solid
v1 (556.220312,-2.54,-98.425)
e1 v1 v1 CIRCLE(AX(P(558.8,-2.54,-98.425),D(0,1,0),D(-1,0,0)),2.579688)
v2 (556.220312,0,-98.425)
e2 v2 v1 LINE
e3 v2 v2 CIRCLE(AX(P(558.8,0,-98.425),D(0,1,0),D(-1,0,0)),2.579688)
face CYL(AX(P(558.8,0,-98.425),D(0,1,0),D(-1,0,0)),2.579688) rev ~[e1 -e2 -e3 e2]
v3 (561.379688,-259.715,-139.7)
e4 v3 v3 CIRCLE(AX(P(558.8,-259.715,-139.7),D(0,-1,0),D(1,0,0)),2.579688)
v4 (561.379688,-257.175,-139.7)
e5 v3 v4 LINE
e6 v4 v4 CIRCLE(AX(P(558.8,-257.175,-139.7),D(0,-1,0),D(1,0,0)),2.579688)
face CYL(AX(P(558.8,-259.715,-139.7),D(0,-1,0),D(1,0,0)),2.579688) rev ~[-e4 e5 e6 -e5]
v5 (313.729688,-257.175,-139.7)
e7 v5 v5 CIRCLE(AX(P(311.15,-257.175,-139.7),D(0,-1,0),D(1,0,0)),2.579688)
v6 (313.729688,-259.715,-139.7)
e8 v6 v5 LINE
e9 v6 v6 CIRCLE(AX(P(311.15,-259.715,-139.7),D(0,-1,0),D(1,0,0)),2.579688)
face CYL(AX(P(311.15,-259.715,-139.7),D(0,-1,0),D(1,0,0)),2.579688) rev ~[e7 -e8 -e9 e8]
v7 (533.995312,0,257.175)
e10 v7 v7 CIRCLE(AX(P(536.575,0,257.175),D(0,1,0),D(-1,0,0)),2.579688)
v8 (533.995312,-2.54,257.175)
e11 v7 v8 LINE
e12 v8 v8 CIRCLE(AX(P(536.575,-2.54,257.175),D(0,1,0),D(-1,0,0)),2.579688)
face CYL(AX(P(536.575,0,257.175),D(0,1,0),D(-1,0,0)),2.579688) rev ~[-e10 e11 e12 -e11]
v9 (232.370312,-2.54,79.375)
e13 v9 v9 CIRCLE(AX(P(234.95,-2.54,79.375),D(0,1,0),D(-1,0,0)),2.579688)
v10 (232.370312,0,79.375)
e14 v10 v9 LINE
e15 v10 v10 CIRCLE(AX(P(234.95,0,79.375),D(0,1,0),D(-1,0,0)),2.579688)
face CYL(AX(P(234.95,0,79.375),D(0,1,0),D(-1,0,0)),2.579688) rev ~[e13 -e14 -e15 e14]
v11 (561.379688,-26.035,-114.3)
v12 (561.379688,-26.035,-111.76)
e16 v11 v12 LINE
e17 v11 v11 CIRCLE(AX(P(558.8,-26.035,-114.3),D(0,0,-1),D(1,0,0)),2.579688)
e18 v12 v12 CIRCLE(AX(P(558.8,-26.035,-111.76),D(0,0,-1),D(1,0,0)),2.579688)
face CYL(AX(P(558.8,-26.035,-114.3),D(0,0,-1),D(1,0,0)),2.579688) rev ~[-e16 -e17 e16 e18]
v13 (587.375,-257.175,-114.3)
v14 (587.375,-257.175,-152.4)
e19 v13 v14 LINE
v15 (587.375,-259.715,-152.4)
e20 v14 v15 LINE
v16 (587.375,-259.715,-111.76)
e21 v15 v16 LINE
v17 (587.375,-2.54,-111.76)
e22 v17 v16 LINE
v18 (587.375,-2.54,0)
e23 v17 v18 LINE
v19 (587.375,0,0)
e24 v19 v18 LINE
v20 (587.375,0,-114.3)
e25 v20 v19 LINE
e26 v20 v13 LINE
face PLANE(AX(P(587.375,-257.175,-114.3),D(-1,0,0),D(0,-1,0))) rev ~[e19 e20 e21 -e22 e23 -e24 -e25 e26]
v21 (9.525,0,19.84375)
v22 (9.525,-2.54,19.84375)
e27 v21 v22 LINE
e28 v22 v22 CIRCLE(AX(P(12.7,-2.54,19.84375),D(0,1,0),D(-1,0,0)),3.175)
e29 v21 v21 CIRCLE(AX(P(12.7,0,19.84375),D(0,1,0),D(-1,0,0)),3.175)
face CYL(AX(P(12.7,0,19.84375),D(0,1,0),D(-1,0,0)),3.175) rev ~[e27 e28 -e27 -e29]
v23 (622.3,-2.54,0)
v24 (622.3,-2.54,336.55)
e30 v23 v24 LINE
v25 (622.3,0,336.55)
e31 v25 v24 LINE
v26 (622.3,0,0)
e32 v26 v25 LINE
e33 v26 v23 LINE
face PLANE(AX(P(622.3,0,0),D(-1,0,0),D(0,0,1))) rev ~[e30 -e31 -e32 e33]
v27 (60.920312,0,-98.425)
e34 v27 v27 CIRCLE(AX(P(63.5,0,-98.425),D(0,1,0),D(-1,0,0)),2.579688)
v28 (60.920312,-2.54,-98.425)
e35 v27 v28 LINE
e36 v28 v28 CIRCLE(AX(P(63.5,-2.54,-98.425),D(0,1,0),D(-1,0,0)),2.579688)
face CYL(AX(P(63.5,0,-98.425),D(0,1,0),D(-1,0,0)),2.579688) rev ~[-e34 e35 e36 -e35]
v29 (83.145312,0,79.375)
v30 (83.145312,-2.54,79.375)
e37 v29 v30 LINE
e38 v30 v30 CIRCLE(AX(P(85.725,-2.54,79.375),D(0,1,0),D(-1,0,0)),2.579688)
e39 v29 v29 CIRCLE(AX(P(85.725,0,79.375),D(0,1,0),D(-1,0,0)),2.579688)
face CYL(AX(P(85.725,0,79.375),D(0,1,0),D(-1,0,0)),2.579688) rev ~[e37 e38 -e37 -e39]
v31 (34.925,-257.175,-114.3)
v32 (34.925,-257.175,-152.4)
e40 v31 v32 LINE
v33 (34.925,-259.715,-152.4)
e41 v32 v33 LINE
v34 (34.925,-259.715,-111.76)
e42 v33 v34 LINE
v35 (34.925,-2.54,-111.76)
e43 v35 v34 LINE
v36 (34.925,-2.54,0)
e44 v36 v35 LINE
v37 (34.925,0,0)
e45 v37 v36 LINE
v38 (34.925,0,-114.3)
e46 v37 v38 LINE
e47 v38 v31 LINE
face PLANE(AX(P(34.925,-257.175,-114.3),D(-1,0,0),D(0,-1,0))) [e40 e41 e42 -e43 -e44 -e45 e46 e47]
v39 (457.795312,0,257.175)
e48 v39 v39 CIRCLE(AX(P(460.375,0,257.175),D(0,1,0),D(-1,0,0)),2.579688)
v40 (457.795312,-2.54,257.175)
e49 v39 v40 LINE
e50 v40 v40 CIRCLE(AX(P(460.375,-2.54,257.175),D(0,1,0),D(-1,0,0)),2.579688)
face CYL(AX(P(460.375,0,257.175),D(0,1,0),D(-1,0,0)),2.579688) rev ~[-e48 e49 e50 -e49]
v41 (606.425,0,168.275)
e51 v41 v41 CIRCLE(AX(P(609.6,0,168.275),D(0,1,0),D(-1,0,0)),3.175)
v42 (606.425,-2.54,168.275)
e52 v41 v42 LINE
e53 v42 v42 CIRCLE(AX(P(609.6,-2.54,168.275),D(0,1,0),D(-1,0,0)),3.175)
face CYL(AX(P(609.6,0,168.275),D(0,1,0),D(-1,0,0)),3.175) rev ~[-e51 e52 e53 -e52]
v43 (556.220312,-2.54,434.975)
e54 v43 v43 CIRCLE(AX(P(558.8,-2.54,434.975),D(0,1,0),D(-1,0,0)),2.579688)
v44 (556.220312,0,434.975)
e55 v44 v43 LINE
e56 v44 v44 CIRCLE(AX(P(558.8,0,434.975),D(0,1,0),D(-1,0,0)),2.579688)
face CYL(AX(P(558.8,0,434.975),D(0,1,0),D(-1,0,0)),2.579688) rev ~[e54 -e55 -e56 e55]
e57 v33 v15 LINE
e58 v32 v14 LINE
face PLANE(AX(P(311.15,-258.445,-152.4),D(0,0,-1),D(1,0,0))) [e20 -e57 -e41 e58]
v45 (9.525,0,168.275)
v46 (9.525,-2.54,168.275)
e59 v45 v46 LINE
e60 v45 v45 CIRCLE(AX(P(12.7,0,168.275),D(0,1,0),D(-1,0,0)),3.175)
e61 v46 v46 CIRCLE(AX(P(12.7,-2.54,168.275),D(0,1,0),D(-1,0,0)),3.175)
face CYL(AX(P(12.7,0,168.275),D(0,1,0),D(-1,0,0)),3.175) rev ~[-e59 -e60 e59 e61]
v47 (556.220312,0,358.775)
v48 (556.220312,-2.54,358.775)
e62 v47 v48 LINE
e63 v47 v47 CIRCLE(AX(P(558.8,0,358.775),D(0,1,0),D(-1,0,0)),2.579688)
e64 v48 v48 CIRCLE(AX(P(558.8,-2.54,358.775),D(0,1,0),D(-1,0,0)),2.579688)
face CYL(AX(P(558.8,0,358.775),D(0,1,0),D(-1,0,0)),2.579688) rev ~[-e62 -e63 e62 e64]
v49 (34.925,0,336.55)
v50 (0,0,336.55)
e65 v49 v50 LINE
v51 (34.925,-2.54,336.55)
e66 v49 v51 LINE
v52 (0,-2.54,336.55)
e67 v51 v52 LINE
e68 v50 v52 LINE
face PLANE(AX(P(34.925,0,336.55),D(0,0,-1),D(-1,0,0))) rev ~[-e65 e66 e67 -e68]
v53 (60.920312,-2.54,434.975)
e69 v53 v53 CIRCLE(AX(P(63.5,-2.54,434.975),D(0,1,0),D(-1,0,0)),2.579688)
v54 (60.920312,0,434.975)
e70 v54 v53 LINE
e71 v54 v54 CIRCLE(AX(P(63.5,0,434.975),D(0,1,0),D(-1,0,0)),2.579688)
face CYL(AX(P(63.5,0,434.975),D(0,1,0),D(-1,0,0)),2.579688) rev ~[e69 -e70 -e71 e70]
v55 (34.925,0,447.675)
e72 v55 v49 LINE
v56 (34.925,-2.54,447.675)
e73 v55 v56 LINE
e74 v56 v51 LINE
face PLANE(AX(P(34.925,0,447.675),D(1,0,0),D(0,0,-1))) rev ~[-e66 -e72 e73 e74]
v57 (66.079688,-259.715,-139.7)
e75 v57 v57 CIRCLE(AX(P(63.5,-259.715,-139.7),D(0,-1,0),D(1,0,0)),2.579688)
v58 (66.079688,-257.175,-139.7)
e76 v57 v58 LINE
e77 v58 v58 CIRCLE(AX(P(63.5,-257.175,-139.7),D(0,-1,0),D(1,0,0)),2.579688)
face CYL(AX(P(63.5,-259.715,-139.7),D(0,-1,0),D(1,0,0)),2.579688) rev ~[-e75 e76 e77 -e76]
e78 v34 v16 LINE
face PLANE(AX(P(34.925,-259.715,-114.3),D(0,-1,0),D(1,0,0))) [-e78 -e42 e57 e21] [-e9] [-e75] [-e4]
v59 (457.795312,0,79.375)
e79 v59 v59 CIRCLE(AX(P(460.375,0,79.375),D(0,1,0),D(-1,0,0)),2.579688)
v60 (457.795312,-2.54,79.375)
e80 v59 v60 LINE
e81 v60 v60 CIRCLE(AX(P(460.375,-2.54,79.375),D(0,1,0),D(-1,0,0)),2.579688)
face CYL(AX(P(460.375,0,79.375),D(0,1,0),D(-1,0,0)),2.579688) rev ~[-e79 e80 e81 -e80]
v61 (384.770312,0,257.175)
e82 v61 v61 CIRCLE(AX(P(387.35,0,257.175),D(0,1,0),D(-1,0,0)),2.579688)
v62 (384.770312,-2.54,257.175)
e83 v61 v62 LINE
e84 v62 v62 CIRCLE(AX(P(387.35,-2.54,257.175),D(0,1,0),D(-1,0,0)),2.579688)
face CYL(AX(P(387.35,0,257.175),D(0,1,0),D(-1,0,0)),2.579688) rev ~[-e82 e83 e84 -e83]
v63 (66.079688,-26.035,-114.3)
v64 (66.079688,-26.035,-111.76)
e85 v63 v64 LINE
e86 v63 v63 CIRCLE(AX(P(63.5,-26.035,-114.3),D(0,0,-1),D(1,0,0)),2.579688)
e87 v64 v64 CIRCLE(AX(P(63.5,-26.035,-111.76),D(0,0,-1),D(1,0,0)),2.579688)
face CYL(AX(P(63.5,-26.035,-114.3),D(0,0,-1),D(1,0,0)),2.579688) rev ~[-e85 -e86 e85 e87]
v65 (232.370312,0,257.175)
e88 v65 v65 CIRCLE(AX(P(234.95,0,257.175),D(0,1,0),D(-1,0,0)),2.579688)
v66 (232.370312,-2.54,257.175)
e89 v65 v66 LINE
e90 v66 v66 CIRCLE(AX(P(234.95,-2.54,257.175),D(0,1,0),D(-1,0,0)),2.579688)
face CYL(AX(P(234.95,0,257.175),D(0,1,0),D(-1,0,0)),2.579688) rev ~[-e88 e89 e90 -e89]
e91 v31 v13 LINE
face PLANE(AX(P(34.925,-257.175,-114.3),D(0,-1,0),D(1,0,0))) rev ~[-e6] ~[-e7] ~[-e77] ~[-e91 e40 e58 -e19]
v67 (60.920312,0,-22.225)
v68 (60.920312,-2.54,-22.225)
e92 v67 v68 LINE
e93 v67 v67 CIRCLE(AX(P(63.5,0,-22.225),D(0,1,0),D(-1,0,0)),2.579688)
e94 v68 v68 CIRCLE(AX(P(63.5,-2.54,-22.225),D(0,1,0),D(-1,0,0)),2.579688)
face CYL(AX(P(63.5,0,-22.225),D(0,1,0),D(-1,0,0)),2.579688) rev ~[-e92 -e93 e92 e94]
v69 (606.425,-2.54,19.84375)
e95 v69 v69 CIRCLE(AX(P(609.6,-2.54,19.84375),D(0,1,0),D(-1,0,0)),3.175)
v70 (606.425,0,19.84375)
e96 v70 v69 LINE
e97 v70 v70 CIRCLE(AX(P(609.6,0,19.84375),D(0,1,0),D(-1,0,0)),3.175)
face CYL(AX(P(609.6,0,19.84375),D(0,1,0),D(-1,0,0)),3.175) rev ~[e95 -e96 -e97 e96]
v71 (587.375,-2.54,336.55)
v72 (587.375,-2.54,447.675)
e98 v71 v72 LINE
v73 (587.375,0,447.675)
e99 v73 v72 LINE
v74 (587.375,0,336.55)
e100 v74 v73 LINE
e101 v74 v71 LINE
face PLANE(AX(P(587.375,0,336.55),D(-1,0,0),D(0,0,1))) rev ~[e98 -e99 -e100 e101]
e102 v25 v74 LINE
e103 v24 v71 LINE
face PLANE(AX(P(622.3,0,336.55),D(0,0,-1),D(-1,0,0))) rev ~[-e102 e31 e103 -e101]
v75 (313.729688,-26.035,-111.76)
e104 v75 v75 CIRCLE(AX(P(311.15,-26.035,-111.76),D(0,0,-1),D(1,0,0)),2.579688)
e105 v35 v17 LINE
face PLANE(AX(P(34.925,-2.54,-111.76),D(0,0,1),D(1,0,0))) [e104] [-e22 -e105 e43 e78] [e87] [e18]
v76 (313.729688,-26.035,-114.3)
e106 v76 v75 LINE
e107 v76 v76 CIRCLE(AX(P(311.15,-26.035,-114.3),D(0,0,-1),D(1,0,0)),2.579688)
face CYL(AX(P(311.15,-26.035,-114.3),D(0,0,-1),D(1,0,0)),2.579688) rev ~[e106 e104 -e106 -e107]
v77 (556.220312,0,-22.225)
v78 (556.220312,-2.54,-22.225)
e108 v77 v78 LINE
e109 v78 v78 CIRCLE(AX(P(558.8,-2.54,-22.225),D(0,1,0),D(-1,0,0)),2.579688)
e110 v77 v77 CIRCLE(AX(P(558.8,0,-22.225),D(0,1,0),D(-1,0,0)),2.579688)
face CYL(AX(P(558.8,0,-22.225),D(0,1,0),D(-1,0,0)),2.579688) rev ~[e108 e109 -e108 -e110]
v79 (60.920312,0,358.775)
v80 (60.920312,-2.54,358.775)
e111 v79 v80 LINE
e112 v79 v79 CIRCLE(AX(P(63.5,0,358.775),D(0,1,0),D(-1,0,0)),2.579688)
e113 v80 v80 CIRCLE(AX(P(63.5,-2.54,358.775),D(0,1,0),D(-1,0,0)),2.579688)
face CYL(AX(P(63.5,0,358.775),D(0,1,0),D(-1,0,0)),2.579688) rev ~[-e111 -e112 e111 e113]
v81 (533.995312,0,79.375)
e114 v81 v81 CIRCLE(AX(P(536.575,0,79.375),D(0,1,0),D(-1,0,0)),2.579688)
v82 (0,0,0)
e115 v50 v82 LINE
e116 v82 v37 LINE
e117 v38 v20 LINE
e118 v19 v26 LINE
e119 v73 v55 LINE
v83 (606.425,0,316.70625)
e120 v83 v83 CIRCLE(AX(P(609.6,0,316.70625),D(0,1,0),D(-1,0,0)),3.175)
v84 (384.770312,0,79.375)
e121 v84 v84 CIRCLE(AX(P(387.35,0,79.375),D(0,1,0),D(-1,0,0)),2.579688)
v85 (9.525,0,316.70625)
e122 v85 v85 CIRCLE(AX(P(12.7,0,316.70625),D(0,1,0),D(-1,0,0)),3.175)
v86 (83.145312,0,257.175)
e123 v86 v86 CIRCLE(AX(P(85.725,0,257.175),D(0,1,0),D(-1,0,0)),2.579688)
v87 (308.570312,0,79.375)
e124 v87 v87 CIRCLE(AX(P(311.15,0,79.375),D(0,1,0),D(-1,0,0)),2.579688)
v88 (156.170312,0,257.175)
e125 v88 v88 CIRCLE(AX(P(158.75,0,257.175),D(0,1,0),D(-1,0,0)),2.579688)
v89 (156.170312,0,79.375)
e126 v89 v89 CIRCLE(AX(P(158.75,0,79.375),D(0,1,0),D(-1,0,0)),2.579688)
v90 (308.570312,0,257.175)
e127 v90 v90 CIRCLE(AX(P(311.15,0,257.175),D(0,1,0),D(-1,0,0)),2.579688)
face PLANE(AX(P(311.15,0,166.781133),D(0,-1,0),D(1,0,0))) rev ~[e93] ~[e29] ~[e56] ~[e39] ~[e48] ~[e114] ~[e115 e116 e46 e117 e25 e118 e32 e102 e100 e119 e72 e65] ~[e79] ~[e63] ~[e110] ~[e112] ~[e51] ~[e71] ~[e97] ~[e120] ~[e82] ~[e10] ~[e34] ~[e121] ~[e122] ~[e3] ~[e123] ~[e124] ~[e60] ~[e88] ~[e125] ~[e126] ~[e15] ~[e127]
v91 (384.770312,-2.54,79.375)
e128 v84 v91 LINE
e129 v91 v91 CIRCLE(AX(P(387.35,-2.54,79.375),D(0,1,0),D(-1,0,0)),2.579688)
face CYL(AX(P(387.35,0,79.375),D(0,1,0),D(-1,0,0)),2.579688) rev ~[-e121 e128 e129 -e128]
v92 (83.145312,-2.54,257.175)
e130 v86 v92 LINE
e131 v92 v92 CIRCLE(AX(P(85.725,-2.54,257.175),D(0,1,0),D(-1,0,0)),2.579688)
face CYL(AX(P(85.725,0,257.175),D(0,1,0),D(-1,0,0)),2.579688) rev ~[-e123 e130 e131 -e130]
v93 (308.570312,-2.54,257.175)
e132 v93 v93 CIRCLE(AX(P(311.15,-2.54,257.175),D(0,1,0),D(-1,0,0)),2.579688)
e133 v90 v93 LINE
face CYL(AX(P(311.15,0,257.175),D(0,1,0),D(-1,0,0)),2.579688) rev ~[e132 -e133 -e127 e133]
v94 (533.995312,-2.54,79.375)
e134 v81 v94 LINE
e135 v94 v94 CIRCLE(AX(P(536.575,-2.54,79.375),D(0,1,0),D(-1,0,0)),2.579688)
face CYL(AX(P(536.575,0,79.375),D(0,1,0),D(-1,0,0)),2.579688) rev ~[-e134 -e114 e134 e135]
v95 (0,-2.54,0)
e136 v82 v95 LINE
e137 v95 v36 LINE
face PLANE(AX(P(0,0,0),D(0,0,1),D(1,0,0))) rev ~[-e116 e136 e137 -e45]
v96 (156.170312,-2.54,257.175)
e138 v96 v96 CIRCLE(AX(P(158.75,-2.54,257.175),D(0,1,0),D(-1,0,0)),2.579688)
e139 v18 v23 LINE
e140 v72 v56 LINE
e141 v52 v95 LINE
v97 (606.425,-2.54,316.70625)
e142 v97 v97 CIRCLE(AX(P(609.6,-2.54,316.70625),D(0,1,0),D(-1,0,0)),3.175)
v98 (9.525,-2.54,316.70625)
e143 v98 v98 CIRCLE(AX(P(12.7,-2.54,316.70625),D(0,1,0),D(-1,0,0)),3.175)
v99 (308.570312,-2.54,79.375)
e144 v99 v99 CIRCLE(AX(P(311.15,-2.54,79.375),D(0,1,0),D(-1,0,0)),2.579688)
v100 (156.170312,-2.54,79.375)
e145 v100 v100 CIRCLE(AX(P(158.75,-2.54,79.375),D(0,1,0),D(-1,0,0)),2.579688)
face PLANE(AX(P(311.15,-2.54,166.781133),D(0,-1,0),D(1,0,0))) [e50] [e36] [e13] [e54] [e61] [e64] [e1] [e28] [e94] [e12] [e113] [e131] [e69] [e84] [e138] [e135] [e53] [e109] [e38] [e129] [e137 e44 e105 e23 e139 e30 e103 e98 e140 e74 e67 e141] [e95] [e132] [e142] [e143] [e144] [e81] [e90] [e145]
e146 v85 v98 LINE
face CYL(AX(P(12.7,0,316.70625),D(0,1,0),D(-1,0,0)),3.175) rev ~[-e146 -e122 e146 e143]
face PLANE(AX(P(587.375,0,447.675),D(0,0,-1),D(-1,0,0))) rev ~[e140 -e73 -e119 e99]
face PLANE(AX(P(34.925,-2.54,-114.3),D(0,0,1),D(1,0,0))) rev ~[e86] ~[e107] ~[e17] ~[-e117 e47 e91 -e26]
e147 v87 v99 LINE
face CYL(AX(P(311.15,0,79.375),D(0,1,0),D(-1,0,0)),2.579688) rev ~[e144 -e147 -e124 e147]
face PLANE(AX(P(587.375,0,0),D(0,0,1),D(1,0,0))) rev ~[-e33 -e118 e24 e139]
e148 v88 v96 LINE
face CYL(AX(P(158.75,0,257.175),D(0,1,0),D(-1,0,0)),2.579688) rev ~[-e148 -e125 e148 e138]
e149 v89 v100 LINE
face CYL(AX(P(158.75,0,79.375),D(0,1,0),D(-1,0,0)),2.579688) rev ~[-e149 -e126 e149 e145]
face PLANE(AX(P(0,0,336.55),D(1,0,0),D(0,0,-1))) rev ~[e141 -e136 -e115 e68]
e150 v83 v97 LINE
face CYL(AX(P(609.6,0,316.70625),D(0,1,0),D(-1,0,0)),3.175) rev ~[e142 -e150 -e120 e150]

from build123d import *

# Parameters (mm, degrees)
F1_DEPTH  = 2.54
F2_R      = 2.579688
F2_R_2    = 3.175
F3_DEPTH  = 2.541
F4_W      = 552.45
F4_H      = 2.54
F5_DEPTH  = 257.175
F6_W      = 552.45
F6_H      = 2.54
F7_DEPTH  = 38.1
F8_R      = 2.579688
F9_DEPTH  = 259.716
F10_R     = 2.579688
F11_DEPTH = 561.976


with BuildPart() as f1:
    # F0 (on Front) → F1 (new body)
    with BuildSketch(Plane.XZ):
        Polygon((587.375, 336.55), (587.375, 447.675), (34.925, 447.675), (34.925, 336.55), (0, 336.55), (0, 0), (34.925, 0), (34.925, -114.3), (587.375, -114.3), (587.375, 0), (622.3, 0), (622.3, 336.55), align=None)
    extrude(amount=F1_DEPTH)

    # F2 (on face) → F3 (cut, through all)
    with BuildSketch(Plane(origin=(0, 0, 0), x_dir=(-1, 0, 0), z_dir=(0, 1, 0))):
        with Locations((-558.8, 434.975)):
            Circle(F2_R)
        with Locations((-558.8, 358.775)):
            Circle(F2_R)
        with Locations((-63.5, 358.775)):
            Circle(F2_R)
        with Locations((-63.5, 434.975)):
            Circle(F2_R)
        with Locations((-609.6, 316.70625)):
            Circle(F2_R_2)
        with Locations((-609.6, 168.275)):
            Circle(F2_R_2)
        with Locations((-609.6, 19.84375)):
            Circle(F2_R_2)
        with Locations((-12.7, 19.84375)):
            Circle(F2_R_2)
        with Locations((-12.7, 168.275)):
            Circle(F2_R_2)
        with Locations((-12.7, 316.70625)):
            Circle(F2_R_2)
        with Locations((-558.8, -22.225)):
            Circle(F2_R)
        with Locations((-558.8, -98.425)):
            Circle(F2_R)
        with Locations((-63.5, -98.425)):
            Circle(F2_R)
        with Locations((-63.5, -22.225)):
            Circle(F2_R)
        with Locations((-85.725, 257.175)):
            Circle(F2_R)
        with Locations((-536.575, 257.175)):
            Circle(F2_R)
        with Locations((-234.95, 257.175)):
            Circle(F2_R)
        with Locations((-387.35, 257.175)):
            Circle(F2_R)
        with Locations((-311.15, 257.175)):
            Circle(F2_R)
        with Locations((-158.75, 257.175)):
            Circle(F2_R)
        with Locations((-460.375, 257.175)):
            Circle(F2_R)
        with Locations((-460.375, 79.375)):
            Circle(F2_R)
        with Locations((-234.95, 79.375)):
            Circle(F2_R)
        with Locations((-158.75, 79.375)):
            Circle(F2_R)
        with Locations((-85.725, 79.375)):
            Circle(F2_R)
        with Locations((-387.35, 79.375)):
            Circle(F2_R)
        with Locations((-311.15, 79.375)):
            Circle(F2_R)
        with Locations((-536.575, 79.375)):
            Circle(F2_R)
    extrude(amount=-F3_DEPTH, mode=Mode.SUBTRACT)

    # F4 (on face) → F5 (join)
    with BuildSketch(Plane.XZ.offset(2.54)):
        with Locations((311.15, -113.03)):
            Rectangle(F4_W, F4_H)
    extrude(amount=F5_DEPTH)

    # F6 (on face) → F7 (join)
    with BuildSketch(Plane(origin=(0, 0, -114.3), x_dir=(1, 0, 0), z_dir=(0, 0, -1))):
        with Locations((311.15, 258.445)):
            Rectangle(F6_W, F6_H)
    extrude(amount=F7_DEPTH)

    # F8 (on face) → F9 (cut, through all)
    with BuildSketch(Plane.XZ.offset(259.715)):
        with Locations((311.15, -139.7)):
            Circle(F8_R)
        with Locations((558.8, -139.7)):
            Circle(F8_R)
        with Locations((63.5, -139.7)):
            Circle(F8_R)
    extrude(amount=-F9_DEPTH, mode=Mode.SUBTRACT)

    # F10 (on face) → F11 (cut, through all)
    with BuildSketch(Plane(origin=(0, 0, -114.3), x_dir=(1, 0, 0), z_dir=(0, 0, -1))):
        with Locations((311.15, 26.035)):
            Circle(F10_R)
        with Locations((558.8, 26.035)):
            Circle(F10_R)
        with Locations((63.5, 26.035)):
            Circle(F10_R)
    extrude(amount=-F11_DEPTH, mode=Mode.SUBTRACT)


solid = f1.part
